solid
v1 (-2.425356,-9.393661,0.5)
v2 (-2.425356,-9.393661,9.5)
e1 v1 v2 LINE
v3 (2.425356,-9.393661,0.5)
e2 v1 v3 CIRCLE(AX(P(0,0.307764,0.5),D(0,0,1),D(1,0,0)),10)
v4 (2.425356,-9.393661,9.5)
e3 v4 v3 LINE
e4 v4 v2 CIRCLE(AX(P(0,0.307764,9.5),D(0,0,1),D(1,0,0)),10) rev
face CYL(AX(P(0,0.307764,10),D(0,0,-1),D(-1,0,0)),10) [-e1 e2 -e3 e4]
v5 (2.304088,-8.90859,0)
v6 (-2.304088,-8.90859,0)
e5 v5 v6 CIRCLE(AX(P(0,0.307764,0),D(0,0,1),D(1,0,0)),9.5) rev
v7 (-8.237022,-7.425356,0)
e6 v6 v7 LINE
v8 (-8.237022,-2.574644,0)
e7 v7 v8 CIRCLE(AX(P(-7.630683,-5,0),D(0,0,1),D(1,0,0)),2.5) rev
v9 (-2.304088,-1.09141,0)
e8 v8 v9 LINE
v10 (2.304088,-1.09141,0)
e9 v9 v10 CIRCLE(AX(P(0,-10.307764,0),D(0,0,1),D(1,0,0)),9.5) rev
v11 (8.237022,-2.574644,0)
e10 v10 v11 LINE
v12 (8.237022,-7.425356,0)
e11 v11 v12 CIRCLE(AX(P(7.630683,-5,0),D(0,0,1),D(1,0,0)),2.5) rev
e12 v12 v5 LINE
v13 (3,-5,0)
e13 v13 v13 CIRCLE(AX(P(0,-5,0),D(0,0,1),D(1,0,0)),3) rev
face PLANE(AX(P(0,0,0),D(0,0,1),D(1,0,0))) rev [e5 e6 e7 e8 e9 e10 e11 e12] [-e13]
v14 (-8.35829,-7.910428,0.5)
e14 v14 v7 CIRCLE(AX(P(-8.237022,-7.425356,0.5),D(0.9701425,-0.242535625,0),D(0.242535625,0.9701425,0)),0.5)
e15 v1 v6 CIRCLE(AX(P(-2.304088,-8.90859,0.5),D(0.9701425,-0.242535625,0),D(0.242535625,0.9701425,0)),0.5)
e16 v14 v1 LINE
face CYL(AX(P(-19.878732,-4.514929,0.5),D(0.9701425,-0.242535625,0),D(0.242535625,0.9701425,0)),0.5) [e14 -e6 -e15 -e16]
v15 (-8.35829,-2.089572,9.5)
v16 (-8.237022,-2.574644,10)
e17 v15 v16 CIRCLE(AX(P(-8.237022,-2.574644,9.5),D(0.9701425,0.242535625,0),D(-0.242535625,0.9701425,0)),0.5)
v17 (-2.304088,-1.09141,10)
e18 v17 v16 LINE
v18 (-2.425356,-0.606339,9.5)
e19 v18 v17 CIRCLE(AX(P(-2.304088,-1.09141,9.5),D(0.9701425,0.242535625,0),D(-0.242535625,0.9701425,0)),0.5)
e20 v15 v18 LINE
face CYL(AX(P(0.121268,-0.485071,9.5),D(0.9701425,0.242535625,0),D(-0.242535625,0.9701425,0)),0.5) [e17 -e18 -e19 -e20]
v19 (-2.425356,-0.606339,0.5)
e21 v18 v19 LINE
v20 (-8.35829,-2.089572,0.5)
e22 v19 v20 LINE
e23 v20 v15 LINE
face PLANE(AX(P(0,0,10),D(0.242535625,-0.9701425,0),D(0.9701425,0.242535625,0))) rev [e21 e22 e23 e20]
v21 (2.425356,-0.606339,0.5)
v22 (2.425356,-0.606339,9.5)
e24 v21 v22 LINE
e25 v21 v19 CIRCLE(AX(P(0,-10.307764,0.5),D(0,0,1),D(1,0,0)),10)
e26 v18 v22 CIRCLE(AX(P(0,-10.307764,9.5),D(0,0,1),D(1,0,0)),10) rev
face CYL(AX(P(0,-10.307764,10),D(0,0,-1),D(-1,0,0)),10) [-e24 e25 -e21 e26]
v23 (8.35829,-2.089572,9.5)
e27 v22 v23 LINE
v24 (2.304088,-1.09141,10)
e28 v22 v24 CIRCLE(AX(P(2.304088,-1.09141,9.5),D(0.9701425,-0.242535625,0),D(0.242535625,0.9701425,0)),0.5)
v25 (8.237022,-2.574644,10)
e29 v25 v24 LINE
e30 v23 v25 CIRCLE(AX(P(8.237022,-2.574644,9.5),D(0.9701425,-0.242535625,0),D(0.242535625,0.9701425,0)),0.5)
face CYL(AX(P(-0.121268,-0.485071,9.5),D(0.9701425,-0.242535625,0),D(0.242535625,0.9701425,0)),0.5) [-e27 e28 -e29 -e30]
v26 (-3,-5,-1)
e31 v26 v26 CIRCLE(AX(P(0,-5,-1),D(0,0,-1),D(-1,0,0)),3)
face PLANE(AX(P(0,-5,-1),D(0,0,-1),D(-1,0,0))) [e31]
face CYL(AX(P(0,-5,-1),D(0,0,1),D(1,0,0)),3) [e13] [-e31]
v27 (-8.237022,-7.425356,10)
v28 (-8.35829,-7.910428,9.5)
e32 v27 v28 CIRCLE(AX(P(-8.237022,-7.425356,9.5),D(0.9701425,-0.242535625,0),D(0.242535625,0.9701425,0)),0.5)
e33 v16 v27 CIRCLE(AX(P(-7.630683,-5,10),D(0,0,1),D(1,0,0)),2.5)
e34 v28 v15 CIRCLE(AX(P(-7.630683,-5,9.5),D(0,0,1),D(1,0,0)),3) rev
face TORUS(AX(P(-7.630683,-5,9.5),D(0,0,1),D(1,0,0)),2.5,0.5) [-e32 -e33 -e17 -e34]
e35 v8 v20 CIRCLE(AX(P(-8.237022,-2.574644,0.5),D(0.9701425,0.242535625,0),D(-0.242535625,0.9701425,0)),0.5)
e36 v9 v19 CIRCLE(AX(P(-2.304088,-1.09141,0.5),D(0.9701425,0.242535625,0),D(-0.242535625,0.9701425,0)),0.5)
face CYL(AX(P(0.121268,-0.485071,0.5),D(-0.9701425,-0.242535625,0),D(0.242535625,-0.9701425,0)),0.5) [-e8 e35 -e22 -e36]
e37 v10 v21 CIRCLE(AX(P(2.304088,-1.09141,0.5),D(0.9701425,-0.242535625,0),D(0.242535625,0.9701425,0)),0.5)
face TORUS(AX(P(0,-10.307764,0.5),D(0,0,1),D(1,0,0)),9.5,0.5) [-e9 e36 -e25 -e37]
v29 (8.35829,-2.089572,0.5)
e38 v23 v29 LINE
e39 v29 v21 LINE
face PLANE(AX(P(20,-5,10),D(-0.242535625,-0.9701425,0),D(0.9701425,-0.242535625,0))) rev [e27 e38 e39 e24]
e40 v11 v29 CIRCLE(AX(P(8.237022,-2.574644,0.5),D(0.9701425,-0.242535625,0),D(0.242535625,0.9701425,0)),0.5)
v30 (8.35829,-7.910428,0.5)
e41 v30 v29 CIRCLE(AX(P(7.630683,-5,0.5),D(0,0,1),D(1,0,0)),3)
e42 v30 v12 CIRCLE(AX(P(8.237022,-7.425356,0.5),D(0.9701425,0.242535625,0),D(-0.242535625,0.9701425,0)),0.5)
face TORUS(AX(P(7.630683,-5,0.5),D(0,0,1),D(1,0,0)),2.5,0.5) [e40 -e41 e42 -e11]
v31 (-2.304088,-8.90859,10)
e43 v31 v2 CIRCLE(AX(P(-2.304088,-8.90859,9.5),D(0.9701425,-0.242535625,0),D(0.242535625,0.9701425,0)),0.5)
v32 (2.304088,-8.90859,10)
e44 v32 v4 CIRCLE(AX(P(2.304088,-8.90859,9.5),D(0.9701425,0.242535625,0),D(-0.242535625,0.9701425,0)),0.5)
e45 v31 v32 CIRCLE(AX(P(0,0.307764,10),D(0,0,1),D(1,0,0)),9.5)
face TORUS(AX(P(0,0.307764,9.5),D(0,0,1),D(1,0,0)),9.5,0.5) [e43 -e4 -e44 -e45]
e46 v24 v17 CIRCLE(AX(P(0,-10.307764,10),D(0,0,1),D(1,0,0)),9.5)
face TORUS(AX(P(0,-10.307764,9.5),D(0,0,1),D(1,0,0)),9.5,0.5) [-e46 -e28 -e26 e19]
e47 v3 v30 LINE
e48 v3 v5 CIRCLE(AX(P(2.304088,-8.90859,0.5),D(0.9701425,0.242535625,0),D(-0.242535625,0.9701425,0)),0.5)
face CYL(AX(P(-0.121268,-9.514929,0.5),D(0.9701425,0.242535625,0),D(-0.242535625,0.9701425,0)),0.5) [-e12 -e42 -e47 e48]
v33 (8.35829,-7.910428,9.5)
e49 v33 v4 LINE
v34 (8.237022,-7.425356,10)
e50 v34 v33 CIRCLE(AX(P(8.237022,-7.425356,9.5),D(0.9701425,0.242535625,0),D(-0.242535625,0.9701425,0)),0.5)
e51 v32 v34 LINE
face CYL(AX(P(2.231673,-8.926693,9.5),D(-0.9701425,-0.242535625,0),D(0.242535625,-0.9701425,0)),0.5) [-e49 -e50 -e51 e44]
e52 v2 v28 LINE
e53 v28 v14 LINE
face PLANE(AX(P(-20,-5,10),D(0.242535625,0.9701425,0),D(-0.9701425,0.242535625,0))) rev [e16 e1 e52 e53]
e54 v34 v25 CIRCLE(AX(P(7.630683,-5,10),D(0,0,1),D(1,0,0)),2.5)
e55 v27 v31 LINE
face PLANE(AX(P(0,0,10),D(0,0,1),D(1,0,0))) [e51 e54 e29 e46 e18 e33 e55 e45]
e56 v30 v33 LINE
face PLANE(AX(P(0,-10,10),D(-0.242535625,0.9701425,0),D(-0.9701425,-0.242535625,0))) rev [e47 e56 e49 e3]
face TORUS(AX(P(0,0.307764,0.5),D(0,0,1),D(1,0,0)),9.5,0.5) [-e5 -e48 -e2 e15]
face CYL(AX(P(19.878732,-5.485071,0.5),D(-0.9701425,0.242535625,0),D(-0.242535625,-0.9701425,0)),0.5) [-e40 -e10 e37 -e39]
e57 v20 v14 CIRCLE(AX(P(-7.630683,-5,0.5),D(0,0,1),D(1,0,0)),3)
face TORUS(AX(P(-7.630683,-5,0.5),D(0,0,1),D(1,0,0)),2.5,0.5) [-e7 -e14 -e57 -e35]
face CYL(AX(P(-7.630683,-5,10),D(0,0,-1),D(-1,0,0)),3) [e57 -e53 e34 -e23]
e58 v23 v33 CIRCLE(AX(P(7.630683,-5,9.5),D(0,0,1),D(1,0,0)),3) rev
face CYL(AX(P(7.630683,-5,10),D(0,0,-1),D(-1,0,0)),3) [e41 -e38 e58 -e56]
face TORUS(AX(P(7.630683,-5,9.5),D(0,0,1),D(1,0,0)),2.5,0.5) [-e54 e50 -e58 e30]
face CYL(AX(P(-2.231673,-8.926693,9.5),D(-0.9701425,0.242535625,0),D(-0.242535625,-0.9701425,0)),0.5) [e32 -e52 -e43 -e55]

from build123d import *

# Parameters (mm, degrees)
EXTRUDE_1_DEPTH = 10
FILLET_1_R      = 10
FILLET_2_R      = 3
SKETCH_2_R      = 3
EXTRUDE_2_DEPTH = 1
FILLET_3_R      = 0.5


with BuildPart() as part:
    # Эскиз1 → Бобышка-Вытянуть1 (new body)
    with BuildSketch(Plane.XY):
        Polygon((0, 0), (-20, -5), (0, -10), (20, -5), align=None)
    extrude(amount=EXTRUDE_1_DEPTH)

    # Скругление1
    fillet_1_edges = [part.edges().sort_by_distance(p)[0] for p in [
        (0, -10, 5),
        (0, 0, 5),
    ]]
    fillet(fillet_1_edges, radius=FILLET_1_R)

    # Скругление2
    fillet_2_edges = [part.edges().sort_by_distance(p)[0] for p in [
        (20, -5, 5),
        (-20, -5, 5),
    ]]
    fillet(fillet_2_edges, radius=FILLET_2_R)

    # Эскиз2 → Бобышка-Вытянуть2 (add)
    with BuildSketch(Plane(origin=(0, 0, 0), x_dir=(-1, 0, 0), z_dir=(0, 0, -1))):
        with Locations(Location((0, -5, 0), (0, 0, 180))):
            Circle(SKETCH_2_R)
    extrude(amount=EXTRUDE_2_DEPTH)

    # Скругление3
    fillet_3_edges = [part.edges().sort_by_distance(p)[0] for p in [
        (5.391823124, -8.652044219, 0),
        (5.391823124, -8.652044219, 10),
        (-5.391823124, -1.347955781, 0),
        (0, -0.307764064, 0),
        (0, -9.692235936, 0),
        (-5.391823124, -1.347955781, 10),
        (0, -0.307764064, 10),
        (0, -9.692235936, 10),
        (5.391823124, -1.347955781, 0),
        (5.391823124, -1.347955781, 10),
        (-5.391823124, -8.652044219, 0),
        (-10.630683123, -5, 0),
        (10.630683123, -5, 0),
        (-5.391823124, -8.652044219, 10),
        (-10.630683123, -5, 10),
        (10.630683123, -5, 10),
    ]]
    fillet(fillet_3_edges, radius=FILLET_3_R)


solid = part.part
